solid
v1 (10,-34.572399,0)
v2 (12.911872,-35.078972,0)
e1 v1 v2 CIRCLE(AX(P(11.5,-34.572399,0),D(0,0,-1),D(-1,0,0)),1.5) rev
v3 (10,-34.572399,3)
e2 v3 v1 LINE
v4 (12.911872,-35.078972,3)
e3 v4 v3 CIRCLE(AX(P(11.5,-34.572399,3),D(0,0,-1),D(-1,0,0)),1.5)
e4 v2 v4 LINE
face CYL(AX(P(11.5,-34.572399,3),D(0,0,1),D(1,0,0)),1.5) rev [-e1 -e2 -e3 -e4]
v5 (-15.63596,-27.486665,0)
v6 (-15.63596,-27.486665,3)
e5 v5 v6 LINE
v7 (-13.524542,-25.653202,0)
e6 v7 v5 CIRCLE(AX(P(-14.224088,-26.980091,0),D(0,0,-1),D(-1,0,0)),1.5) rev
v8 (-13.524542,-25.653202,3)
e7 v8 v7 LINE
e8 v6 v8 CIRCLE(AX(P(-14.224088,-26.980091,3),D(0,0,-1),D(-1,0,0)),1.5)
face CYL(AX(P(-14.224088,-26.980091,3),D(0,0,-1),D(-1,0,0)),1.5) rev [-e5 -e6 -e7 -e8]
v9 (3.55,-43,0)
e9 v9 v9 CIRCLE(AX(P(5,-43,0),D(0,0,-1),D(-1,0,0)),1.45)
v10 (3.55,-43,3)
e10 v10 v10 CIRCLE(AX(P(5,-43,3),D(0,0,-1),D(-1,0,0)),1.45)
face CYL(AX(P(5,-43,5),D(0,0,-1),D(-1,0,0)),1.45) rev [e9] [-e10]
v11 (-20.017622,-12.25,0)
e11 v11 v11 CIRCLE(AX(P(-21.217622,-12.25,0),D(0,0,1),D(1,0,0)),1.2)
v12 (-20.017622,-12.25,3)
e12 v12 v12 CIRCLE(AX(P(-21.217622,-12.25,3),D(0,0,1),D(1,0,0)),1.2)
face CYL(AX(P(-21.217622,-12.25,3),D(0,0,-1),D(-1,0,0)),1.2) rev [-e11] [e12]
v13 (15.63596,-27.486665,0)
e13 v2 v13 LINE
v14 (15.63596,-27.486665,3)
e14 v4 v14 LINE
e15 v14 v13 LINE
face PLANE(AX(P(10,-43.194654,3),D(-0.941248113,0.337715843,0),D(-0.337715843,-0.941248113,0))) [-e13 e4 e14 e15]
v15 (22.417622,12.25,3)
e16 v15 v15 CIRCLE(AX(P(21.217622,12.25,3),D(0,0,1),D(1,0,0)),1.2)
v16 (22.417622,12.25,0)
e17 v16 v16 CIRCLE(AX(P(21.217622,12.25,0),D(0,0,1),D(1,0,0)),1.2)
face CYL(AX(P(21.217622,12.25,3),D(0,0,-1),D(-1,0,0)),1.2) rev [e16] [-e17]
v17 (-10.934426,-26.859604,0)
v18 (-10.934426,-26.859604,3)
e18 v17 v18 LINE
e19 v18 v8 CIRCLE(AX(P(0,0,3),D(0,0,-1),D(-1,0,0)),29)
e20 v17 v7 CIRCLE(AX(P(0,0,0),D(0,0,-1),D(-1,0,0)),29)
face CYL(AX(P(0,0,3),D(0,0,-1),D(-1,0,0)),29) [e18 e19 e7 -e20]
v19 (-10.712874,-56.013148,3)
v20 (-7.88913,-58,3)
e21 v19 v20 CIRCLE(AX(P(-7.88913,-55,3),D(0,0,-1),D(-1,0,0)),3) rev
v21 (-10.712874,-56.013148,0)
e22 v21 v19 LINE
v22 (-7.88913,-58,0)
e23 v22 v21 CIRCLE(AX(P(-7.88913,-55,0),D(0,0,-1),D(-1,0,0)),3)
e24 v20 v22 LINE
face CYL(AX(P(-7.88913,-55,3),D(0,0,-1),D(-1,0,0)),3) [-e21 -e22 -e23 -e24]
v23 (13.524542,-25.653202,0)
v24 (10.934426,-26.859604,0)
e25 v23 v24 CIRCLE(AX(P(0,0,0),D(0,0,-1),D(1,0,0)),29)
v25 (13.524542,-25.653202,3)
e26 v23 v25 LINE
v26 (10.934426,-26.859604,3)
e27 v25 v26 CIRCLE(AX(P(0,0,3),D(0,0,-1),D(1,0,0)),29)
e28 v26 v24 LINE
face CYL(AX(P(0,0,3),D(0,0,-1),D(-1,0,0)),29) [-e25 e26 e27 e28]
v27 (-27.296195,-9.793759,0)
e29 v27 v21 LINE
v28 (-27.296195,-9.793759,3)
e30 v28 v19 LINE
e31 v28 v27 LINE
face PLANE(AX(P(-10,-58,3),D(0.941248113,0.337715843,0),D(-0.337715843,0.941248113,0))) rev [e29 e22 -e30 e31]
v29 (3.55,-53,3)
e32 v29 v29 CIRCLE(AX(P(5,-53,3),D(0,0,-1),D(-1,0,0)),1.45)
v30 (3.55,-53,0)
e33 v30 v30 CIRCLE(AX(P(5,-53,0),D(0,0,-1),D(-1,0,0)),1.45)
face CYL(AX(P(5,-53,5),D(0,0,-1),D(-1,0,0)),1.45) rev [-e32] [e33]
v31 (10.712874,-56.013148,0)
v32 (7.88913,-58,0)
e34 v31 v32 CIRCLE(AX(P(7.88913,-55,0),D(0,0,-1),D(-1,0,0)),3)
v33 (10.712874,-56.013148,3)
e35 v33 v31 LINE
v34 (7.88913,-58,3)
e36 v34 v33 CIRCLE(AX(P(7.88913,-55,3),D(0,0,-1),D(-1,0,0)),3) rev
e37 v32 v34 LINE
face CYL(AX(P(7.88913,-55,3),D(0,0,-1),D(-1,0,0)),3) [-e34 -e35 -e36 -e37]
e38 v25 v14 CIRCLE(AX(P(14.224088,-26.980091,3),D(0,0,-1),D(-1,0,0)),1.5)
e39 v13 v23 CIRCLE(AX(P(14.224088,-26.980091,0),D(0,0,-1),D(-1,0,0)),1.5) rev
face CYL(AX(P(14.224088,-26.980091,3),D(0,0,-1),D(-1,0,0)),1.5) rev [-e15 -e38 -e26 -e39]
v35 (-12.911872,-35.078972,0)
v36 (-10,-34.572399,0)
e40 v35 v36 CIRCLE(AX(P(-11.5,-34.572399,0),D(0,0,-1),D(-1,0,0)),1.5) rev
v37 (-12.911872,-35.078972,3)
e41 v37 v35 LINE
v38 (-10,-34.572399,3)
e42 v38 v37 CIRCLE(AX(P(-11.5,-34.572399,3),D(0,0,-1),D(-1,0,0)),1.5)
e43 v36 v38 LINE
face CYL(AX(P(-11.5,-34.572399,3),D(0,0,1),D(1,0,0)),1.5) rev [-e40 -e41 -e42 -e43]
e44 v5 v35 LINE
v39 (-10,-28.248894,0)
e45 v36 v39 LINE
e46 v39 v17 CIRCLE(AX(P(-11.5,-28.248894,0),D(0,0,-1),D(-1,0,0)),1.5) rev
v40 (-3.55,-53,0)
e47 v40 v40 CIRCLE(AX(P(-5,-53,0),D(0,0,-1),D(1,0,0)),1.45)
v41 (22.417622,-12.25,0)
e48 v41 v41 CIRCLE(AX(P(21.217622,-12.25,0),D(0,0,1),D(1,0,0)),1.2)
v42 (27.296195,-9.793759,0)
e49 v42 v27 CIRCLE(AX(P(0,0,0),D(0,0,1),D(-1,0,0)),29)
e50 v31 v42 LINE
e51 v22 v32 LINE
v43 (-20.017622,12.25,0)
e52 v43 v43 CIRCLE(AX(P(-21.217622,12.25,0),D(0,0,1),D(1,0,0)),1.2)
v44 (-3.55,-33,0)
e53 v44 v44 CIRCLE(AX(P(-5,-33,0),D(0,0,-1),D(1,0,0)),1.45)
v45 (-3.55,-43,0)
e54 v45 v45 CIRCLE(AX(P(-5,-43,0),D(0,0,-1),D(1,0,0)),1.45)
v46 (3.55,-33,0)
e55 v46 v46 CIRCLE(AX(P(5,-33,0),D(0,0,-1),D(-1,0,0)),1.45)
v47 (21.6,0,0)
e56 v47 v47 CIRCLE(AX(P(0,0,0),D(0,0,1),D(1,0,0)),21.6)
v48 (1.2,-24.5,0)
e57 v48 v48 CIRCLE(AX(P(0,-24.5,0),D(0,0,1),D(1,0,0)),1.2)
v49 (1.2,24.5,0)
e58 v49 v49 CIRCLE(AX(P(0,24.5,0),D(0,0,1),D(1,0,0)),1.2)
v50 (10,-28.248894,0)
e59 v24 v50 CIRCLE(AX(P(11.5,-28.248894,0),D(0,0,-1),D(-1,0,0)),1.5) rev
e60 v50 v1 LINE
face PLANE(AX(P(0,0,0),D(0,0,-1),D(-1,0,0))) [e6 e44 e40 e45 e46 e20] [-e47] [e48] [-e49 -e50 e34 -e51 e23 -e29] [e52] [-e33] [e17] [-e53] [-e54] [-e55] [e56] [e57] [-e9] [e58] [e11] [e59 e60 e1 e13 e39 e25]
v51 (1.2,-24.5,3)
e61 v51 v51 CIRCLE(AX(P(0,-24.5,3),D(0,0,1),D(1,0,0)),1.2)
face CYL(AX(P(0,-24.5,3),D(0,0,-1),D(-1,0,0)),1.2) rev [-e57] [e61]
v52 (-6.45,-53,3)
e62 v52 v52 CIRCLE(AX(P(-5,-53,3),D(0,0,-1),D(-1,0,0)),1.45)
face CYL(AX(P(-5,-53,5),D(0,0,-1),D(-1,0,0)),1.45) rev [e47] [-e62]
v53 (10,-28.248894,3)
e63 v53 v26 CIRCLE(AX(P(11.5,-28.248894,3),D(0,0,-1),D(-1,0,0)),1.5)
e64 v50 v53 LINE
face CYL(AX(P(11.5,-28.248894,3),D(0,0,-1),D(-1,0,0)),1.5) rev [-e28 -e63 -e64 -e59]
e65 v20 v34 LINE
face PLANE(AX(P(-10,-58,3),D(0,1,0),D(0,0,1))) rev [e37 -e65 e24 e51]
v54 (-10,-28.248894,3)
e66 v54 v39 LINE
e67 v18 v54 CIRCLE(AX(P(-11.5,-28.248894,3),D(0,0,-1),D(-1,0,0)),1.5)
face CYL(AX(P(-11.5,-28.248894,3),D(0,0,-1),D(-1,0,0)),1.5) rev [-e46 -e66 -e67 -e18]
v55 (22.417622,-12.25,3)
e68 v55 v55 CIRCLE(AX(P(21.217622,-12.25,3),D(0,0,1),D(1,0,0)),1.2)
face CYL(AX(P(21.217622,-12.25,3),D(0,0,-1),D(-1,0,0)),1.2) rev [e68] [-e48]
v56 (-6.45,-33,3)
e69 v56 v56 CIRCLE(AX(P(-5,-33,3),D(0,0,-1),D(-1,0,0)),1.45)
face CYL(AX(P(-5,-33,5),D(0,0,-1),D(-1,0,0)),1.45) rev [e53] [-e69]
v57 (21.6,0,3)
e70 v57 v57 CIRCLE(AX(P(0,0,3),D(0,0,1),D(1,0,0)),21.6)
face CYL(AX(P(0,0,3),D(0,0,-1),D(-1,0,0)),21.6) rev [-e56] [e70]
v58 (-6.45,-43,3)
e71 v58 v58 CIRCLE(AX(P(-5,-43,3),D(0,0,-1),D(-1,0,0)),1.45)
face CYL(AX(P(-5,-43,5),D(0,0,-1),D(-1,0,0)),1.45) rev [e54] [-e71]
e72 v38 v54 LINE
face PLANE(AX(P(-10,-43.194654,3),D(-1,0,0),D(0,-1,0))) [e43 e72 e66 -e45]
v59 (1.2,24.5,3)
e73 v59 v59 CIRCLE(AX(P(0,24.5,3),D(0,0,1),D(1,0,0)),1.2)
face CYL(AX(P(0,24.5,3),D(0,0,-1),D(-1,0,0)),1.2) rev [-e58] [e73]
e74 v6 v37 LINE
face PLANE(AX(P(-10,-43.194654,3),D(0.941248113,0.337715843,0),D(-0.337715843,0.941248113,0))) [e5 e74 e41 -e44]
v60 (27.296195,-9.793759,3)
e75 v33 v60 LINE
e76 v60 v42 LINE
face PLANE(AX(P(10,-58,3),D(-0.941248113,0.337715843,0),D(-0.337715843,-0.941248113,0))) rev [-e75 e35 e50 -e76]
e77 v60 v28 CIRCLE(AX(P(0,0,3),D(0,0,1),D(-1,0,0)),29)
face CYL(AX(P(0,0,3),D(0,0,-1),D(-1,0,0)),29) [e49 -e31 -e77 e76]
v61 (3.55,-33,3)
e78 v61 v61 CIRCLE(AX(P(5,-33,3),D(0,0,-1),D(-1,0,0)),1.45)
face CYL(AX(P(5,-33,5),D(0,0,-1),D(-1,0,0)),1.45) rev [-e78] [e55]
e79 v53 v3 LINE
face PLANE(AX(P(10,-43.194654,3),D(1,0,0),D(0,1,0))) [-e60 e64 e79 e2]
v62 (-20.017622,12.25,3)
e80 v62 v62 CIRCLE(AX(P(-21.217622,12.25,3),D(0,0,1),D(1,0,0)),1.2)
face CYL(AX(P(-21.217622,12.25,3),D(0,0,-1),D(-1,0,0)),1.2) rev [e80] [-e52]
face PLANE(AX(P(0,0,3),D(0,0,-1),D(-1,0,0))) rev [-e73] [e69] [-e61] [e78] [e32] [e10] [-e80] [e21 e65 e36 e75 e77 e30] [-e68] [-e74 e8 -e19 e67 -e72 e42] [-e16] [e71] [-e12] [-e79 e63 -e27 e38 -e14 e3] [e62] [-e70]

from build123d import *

# Parameters (mm, degrees)
SKETCH_2_R          = 21.6
SKETCH_2_R_2        = 1.2
EXTRUDE_1_DEPTH     = 3
FILLET_1_R          = 1.5
SKETCH_3_R          = 1.45
CUT_EXTRUDE_1_DEPTH = 5
FILLET_2_R          = 3


with BuildPart() as part:
    # Sketch 2 → Extrude 1 (new body)
    with BuildSketch(Plane.XY):
        with BuildLine():
            Line((-10, -58), (10, -58))
            Line((10, -58), (27.296195268, -9.793759437))
            ThreePointArc((27.296195268, -9.793759437), (0, 29), (-27.296195268, -9.793759437))
            Line((-27.296195268, -9.793759437), (-10, -58))
        make_face()
        Circle(SKETCH_2_R, mode=Mode.SUBTRACT)
        with Locations((0, 24.5)):
            Circle(SKETCH_2_R_2, mode=Mode.SUBTRACT)
        with Locations((21.217622393, 12.25)):
            Circle(SKETCH_2_R_2, mode=Mode.SUBTRACT)
        with Locations((21.217622393, -12.25)):
            Circle(SKETCH_2_R_2, mode=Mode.SUBTRACT)
        with Locations((0, -24.5)):
            Circle(SKETCH_2_R_2, mode=Mode.SUBTRACT)
        with Locations((-21.217622393, -12.25)):
            Circle(SKETCH_2_R_2, mode=Mode.SUBTRACT)
        with Locations((-21.217622393, 12.25)):
            Circle(SKETCH_2_R_2, mode=Mode.SUBTRACT)
        with BuildLine():
            Line((-10, -43.194653704), (-10, -27.221315178))
            ThreePointArc((-10, -27.221315178), (-13.678333165, -25.571531081), (-17.09233909, -23.427589386))
            Line((-17.09233909, -23.427589386), (-10, -43.194653704))
        make_face(mode=Mode.SUBTRACT)
        with BuildLine():
            Line((10, -43.194653704), (10, -27.221315178))
            ThreePointArc((10, -27.221315178), (13.678333165, -25.571531081), (17.09233909, -23.427589386))
            Line((17.09233909, -23.427589386), (10, -43.194653704))
        make_face(mode=Mode.SUBTRACT)
    extrude(amount=EXTRUDE_1_DEPTH)

    # Fillet 1
    fillet_1_edges = [part.edges().sort_by_distance(p)[0] for p in [
        (-17.09233909, -23.427589386, 1.5),
        (-10, -43.194653704, 1.5),
        (-10, -27.221315178, 1.5),
        (10, -43.194653704, 1.5),
        (17.09233909, -23.427589386, 1.5),
        (10, -27.221315178, 1.5),
    ]]
    fillet(fillet_1_edges, radius=FILLET_1_R)

    # Sketch 3 → Cut-Extrude 1 (cut)
    with BuildSketch(Plane(origin=(0, 0, 0), x_dir=(-1, 0, 0), z_dir=(0, 0, -1))):
        with Locations((-5, -33)):
            Circle(SKETCH_3_R)
        with Locations((-5, -43)):
            Circle(SKETCH_3_R)
        with Locations((-5, -53)):
            Circle(SKETCH_3_R)
        with Locations((5, -53)):
            Circle(SKETCH_3_R)
        with Locations((5, -43)):
            Circle(SKETCH_3_R)
        with Locations((5, -33)):
            Circle(SKETCH_3_R)
    extrude(amount=-CUT_EXTRUDE_1_DEPTH, mode=Mode.SUBTRACT)

    # Fillet 2
    fillet_2_edges = [part.edges().sort_by_distance(p)[0] for p in [
        (10, -58, 1.5),
        (-10, -58, 1.5),
    ]]
    fillet(fillet_2_edges, radius=FILLET_2_R)


solid = part.part
